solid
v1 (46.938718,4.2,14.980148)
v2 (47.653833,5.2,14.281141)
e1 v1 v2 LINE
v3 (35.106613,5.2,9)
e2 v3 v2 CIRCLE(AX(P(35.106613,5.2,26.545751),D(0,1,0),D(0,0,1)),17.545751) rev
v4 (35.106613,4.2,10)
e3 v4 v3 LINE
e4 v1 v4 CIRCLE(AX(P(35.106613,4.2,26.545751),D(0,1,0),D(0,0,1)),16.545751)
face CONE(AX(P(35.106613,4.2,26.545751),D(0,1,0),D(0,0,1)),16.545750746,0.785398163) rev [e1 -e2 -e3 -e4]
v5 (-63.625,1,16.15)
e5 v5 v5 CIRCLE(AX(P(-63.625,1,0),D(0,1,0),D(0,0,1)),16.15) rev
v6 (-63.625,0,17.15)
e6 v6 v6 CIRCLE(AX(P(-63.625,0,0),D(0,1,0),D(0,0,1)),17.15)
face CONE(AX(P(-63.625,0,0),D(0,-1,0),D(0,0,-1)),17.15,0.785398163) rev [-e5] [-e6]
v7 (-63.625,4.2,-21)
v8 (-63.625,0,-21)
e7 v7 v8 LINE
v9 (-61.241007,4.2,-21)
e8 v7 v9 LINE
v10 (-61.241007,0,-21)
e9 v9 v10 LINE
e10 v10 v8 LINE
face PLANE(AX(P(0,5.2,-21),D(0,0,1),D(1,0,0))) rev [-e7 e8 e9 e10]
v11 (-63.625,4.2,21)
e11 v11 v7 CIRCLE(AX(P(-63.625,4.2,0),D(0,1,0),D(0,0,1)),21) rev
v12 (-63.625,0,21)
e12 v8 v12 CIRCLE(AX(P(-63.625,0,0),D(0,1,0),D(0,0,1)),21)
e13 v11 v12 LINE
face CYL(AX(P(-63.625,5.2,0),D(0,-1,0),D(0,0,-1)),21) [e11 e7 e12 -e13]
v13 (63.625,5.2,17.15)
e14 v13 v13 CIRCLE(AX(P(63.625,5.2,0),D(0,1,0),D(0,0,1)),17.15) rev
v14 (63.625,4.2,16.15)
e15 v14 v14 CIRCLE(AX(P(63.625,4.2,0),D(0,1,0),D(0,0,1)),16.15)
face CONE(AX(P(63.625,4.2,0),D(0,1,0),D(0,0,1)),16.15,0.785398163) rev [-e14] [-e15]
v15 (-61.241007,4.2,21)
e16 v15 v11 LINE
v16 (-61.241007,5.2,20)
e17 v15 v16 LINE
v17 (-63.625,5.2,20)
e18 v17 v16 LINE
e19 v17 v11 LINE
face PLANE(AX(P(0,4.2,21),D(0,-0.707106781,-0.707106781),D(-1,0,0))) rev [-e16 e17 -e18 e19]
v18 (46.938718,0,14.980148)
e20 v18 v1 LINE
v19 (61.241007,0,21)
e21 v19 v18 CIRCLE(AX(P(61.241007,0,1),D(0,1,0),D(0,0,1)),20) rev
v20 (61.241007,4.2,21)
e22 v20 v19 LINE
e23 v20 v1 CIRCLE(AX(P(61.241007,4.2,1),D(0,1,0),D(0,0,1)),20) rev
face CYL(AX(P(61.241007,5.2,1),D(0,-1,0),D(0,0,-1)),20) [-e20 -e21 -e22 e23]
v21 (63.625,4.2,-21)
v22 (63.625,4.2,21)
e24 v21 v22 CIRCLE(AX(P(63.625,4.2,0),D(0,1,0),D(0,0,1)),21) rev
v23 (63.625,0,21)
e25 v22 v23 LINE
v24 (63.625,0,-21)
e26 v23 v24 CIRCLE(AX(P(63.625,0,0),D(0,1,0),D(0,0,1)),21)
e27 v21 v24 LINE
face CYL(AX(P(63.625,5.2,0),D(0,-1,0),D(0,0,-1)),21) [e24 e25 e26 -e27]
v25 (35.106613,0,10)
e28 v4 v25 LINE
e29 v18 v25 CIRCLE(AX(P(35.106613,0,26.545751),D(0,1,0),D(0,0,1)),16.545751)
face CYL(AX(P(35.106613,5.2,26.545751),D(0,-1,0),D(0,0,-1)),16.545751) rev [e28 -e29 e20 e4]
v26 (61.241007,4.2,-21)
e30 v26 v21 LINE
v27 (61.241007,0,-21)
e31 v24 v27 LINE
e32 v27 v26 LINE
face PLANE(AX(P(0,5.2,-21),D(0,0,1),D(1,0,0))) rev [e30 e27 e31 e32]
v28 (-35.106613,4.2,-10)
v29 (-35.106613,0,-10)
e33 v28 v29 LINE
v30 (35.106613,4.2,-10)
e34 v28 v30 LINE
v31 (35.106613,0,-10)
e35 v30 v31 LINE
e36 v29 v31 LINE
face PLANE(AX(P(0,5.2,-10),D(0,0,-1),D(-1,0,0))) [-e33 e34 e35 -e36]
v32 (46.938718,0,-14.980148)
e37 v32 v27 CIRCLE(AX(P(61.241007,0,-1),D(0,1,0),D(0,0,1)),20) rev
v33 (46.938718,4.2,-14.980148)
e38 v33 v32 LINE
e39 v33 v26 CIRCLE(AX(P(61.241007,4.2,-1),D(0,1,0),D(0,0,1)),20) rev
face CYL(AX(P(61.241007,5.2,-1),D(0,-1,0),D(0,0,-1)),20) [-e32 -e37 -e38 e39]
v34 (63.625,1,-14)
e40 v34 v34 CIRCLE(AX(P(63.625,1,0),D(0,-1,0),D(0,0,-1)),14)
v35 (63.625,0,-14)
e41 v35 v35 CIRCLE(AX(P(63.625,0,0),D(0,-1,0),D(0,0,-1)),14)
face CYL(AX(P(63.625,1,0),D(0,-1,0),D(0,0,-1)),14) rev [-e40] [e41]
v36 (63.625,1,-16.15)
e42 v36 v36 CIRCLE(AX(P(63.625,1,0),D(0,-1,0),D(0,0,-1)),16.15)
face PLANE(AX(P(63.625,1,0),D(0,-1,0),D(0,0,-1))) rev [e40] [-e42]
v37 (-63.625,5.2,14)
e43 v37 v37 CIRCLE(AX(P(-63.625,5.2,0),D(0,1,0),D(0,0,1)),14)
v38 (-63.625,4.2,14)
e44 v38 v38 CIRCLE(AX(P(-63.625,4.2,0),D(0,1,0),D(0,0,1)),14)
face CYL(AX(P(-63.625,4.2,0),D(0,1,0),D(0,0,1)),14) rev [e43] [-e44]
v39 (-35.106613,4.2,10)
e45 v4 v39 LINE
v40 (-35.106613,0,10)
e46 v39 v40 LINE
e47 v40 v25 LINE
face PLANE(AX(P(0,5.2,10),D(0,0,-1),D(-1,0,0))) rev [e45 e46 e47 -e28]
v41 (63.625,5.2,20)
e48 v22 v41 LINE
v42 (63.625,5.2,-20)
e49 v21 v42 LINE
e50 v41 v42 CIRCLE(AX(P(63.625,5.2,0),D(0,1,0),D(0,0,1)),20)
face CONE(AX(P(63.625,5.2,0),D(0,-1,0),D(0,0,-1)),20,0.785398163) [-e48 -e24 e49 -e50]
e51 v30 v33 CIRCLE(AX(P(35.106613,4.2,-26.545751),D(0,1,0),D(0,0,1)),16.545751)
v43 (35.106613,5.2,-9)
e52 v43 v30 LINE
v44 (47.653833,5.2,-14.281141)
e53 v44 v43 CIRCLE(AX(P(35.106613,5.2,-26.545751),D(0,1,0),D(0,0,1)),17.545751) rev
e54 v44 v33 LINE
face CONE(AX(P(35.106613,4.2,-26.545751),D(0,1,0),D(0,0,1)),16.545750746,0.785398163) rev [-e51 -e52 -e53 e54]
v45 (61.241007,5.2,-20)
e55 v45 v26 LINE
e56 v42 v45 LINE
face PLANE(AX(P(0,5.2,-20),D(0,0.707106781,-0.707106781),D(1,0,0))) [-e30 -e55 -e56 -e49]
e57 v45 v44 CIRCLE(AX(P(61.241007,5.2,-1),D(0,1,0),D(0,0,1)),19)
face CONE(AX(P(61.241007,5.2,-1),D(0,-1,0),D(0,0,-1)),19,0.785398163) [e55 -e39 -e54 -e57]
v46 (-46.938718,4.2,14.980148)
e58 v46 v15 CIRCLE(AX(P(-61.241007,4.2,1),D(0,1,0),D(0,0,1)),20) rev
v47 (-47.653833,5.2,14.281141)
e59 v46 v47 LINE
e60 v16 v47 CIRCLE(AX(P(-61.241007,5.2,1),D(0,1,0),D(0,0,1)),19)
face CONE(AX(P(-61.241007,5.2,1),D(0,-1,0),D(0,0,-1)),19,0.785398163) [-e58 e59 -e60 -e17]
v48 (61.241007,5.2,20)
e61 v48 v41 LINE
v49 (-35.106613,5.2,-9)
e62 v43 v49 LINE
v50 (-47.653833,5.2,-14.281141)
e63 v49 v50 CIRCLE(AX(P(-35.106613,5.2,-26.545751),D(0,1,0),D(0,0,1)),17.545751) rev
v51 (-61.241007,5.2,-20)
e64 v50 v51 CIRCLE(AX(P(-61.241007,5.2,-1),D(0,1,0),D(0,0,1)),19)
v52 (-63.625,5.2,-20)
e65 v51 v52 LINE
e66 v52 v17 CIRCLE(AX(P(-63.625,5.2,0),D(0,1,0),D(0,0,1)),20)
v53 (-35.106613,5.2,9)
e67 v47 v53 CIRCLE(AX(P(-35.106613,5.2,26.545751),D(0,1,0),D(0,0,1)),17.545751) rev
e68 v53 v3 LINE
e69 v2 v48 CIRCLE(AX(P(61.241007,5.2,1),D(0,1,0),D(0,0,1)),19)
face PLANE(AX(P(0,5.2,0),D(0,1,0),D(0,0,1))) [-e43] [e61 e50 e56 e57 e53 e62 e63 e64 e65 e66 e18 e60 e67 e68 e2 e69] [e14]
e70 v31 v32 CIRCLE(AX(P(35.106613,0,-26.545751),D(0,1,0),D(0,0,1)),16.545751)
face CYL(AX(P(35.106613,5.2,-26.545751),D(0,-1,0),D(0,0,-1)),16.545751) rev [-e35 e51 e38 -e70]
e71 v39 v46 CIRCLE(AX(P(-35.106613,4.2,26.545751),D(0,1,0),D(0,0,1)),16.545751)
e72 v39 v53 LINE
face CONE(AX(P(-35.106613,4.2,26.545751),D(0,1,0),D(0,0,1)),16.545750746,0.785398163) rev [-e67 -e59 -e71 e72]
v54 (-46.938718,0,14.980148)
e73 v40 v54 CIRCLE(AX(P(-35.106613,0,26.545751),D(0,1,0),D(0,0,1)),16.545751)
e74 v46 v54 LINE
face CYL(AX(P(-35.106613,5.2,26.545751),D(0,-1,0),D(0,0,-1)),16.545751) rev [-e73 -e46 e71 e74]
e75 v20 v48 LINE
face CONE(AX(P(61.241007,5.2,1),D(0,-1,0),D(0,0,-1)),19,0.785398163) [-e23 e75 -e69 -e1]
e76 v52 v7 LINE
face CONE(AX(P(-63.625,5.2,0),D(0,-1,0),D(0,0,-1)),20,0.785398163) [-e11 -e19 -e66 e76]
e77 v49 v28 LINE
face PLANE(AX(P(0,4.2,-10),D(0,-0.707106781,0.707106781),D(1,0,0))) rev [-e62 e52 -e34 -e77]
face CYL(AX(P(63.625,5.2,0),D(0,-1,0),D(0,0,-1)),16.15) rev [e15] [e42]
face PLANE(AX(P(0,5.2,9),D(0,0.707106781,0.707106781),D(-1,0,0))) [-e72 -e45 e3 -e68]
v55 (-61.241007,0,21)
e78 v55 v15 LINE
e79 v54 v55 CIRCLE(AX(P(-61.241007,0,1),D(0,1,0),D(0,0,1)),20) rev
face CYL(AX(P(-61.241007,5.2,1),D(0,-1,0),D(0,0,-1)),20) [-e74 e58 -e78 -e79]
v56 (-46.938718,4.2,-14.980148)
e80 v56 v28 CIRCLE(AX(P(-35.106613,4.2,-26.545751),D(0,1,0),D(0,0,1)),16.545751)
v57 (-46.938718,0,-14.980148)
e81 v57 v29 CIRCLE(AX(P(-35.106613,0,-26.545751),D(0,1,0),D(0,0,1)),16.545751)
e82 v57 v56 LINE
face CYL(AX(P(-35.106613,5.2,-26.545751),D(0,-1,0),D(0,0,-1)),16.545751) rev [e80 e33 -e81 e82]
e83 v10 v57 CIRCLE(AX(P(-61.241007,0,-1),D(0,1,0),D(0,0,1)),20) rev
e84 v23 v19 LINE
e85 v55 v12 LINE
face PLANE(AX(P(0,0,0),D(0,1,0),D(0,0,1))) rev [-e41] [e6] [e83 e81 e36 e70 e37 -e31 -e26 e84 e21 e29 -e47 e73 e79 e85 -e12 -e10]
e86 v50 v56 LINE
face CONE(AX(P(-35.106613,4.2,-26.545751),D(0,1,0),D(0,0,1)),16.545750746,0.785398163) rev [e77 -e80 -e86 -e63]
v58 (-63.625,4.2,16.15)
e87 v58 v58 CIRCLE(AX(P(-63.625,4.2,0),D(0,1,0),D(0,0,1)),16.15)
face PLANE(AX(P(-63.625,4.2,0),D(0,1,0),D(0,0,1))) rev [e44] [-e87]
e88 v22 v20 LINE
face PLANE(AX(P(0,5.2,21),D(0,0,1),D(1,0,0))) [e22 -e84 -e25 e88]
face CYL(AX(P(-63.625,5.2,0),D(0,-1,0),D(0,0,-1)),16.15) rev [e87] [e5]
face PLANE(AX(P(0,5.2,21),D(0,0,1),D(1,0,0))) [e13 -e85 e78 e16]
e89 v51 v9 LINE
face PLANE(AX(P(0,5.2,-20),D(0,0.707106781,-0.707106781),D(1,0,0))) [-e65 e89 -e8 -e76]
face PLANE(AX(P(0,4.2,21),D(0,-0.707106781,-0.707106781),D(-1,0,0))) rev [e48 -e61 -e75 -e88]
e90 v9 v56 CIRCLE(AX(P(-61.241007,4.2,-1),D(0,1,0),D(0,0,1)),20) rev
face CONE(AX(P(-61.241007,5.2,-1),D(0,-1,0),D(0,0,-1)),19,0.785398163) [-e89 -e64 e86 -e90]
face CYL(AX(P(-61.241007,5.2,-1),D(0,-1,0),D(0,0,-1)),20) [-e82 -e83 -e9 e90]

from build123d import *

# Parameters (mm, degrees)
SKETCH1_R           = 16.15
BOSS_EXTRUDE1_DEPTH = 5.2
FILLET1_R           = 20
CHAMFER1_SIZE       = 1
SKETCH2_R           = 19.025242353
SKETCH2_R_2         = 14
BOSS_EXTRUDE2_DEPTH = 1
SKETCH4_R           = 18.71529055
SKETCH4_R_2         = 14
BOSS_EXTRUDE3_DEPTH = 1
CHAMFER2_SIZE       = 1


with BuildPart() as part:
    # Sketch1 → Boss-Extrude1 (new body)
    with BuildSketch(Plane(origin=(0, 0, 0), x_dir=(1, 0, 0), z_dir=(0, 1, 0))):
        with BuildLine():
            Line((50.6952797, -21), (63.625, -21))
            ThreePointArc((63.625, -21), (84.625, 0), (63.625, 21))
            Line((63.625, 21), (50.6952797, 21))
            ThreePointArc((50.6952797, 21), (44.646090821, 13.026866227), (35.106613419, 10))
            Line((35.106613419, 10), (-35.106613419, 10))
            ThreePointArc((-35.106613419, 10), (-44.646090821, 13.026866227), (-50.6952797, 21))
            Line((-50.6952797, 21), (-63.625, 21))
            ThreePointArc((-63.625, 21), (-84.625, 0), (-63.625, -21))
            Line((-63.625, -21), (-50.6952797, -21))
            ThreePointArc((-50.6952797, -21), (-44.646090821, -13.026866227), (-35.106613419, -10))
            Line((-35.106613419, -10), (35.106613419, -10))
            ThreePointArc((35.106613419, -10), (44.646090821, -13.026866227), (50.6952797, -21))
        make_face()
        with Locations((-63.625, 0)):
            Circle(SKETCH1_R, mode=Mode.SUBTRACT)
        with Locations((63.625, 0)):
            Circle(SKETCH1_R, mode=Mode.SUBTRACT)
    extrude(amount=BOSS_EXTRUDE1_DEPTH)

    # Fillet1
    fillet1_edges = [part.edges().sort_by_distance(p)[0] for p in [
        (-50.6952797, 2.6, 21),
        (-50.6952797, 2.6, -21),
        (50.6952797, 2.6, -21),
        (50.6952797, 2.6, 21),
    ]]
    fillet(fillet1_edges, radius=FILLET1_R)

    # Chamfer1
    chamfer1_edges = [part.edges().sort_by_distance(p)[0] for p in [
        (62.433003391, 5.2, 21),
        (84.625, 5.2, 0),
        (62.433003391, 5.2, -21),
        (41.52534742, 5.2, -11.295776268),
        (0, 5.2, -10),
        (41.52534742, 5.2, 11.295776268),
        (-41.52534742, 5.2, -11.295776268),
        (-62.433003391, 5.2, -21),
        (-62.433003391, 5.2, 21),
        (-53.482236449, 5.2, 19.433705079),
        (-53.482236449, 5.2, -19.433705079),
        (-84.625, 5.2, 0),
        (53.482236449, 5.2, -19.433705079),
        (53.482236449, 5.2, 19.433705079),
        (-41.52534742, 5.2, 11.295776268),
        (0, 5.2, 10),
        (47.475, 5.2, 0),
    ]]
    chamfer(chamfer1_edges, length=CHAMFER1_SIZE)

    # Sketch2 → Boss-Extrude2 (add)
    with BuildSketch(Plane.XZ):
        with Locations((63.625, 0)):
            Circle(SKETCH2_R)
        with Locations((63.625, 0)):
            Circle(SKETCH2_R_2, mode=Mode.SUBTRACT)
    extrude(amount=-BOSS_EXTRUDE2_DEPTH)

    # Sketch4 → Boss-Extrude3 (add)
    with BuildSketch(Plane(origin=(0, 5.2, 0), x_dir=(1, 0, 0), z_dir=(0, 1, 0))):
        with Locations((-63.625, 0)):
            Circle(SKETCH4_R)
        with Locations((-63.625, 0)):
            Circle(SKETCH4_R_2, mode=Mode.SUBTRACT)
    extrude(amount=-BOSS_EXTRUDE3_DEPTH)

    # Chamfer2
    chamfer2_edges = [part.edges().sort_by_distance(p)[0] for p in [
        (-79.775, 0, 0),
    ]]
    chamfer(chamfer2_edges, length=CHAMFER2_SIZE)


solid = part.part
